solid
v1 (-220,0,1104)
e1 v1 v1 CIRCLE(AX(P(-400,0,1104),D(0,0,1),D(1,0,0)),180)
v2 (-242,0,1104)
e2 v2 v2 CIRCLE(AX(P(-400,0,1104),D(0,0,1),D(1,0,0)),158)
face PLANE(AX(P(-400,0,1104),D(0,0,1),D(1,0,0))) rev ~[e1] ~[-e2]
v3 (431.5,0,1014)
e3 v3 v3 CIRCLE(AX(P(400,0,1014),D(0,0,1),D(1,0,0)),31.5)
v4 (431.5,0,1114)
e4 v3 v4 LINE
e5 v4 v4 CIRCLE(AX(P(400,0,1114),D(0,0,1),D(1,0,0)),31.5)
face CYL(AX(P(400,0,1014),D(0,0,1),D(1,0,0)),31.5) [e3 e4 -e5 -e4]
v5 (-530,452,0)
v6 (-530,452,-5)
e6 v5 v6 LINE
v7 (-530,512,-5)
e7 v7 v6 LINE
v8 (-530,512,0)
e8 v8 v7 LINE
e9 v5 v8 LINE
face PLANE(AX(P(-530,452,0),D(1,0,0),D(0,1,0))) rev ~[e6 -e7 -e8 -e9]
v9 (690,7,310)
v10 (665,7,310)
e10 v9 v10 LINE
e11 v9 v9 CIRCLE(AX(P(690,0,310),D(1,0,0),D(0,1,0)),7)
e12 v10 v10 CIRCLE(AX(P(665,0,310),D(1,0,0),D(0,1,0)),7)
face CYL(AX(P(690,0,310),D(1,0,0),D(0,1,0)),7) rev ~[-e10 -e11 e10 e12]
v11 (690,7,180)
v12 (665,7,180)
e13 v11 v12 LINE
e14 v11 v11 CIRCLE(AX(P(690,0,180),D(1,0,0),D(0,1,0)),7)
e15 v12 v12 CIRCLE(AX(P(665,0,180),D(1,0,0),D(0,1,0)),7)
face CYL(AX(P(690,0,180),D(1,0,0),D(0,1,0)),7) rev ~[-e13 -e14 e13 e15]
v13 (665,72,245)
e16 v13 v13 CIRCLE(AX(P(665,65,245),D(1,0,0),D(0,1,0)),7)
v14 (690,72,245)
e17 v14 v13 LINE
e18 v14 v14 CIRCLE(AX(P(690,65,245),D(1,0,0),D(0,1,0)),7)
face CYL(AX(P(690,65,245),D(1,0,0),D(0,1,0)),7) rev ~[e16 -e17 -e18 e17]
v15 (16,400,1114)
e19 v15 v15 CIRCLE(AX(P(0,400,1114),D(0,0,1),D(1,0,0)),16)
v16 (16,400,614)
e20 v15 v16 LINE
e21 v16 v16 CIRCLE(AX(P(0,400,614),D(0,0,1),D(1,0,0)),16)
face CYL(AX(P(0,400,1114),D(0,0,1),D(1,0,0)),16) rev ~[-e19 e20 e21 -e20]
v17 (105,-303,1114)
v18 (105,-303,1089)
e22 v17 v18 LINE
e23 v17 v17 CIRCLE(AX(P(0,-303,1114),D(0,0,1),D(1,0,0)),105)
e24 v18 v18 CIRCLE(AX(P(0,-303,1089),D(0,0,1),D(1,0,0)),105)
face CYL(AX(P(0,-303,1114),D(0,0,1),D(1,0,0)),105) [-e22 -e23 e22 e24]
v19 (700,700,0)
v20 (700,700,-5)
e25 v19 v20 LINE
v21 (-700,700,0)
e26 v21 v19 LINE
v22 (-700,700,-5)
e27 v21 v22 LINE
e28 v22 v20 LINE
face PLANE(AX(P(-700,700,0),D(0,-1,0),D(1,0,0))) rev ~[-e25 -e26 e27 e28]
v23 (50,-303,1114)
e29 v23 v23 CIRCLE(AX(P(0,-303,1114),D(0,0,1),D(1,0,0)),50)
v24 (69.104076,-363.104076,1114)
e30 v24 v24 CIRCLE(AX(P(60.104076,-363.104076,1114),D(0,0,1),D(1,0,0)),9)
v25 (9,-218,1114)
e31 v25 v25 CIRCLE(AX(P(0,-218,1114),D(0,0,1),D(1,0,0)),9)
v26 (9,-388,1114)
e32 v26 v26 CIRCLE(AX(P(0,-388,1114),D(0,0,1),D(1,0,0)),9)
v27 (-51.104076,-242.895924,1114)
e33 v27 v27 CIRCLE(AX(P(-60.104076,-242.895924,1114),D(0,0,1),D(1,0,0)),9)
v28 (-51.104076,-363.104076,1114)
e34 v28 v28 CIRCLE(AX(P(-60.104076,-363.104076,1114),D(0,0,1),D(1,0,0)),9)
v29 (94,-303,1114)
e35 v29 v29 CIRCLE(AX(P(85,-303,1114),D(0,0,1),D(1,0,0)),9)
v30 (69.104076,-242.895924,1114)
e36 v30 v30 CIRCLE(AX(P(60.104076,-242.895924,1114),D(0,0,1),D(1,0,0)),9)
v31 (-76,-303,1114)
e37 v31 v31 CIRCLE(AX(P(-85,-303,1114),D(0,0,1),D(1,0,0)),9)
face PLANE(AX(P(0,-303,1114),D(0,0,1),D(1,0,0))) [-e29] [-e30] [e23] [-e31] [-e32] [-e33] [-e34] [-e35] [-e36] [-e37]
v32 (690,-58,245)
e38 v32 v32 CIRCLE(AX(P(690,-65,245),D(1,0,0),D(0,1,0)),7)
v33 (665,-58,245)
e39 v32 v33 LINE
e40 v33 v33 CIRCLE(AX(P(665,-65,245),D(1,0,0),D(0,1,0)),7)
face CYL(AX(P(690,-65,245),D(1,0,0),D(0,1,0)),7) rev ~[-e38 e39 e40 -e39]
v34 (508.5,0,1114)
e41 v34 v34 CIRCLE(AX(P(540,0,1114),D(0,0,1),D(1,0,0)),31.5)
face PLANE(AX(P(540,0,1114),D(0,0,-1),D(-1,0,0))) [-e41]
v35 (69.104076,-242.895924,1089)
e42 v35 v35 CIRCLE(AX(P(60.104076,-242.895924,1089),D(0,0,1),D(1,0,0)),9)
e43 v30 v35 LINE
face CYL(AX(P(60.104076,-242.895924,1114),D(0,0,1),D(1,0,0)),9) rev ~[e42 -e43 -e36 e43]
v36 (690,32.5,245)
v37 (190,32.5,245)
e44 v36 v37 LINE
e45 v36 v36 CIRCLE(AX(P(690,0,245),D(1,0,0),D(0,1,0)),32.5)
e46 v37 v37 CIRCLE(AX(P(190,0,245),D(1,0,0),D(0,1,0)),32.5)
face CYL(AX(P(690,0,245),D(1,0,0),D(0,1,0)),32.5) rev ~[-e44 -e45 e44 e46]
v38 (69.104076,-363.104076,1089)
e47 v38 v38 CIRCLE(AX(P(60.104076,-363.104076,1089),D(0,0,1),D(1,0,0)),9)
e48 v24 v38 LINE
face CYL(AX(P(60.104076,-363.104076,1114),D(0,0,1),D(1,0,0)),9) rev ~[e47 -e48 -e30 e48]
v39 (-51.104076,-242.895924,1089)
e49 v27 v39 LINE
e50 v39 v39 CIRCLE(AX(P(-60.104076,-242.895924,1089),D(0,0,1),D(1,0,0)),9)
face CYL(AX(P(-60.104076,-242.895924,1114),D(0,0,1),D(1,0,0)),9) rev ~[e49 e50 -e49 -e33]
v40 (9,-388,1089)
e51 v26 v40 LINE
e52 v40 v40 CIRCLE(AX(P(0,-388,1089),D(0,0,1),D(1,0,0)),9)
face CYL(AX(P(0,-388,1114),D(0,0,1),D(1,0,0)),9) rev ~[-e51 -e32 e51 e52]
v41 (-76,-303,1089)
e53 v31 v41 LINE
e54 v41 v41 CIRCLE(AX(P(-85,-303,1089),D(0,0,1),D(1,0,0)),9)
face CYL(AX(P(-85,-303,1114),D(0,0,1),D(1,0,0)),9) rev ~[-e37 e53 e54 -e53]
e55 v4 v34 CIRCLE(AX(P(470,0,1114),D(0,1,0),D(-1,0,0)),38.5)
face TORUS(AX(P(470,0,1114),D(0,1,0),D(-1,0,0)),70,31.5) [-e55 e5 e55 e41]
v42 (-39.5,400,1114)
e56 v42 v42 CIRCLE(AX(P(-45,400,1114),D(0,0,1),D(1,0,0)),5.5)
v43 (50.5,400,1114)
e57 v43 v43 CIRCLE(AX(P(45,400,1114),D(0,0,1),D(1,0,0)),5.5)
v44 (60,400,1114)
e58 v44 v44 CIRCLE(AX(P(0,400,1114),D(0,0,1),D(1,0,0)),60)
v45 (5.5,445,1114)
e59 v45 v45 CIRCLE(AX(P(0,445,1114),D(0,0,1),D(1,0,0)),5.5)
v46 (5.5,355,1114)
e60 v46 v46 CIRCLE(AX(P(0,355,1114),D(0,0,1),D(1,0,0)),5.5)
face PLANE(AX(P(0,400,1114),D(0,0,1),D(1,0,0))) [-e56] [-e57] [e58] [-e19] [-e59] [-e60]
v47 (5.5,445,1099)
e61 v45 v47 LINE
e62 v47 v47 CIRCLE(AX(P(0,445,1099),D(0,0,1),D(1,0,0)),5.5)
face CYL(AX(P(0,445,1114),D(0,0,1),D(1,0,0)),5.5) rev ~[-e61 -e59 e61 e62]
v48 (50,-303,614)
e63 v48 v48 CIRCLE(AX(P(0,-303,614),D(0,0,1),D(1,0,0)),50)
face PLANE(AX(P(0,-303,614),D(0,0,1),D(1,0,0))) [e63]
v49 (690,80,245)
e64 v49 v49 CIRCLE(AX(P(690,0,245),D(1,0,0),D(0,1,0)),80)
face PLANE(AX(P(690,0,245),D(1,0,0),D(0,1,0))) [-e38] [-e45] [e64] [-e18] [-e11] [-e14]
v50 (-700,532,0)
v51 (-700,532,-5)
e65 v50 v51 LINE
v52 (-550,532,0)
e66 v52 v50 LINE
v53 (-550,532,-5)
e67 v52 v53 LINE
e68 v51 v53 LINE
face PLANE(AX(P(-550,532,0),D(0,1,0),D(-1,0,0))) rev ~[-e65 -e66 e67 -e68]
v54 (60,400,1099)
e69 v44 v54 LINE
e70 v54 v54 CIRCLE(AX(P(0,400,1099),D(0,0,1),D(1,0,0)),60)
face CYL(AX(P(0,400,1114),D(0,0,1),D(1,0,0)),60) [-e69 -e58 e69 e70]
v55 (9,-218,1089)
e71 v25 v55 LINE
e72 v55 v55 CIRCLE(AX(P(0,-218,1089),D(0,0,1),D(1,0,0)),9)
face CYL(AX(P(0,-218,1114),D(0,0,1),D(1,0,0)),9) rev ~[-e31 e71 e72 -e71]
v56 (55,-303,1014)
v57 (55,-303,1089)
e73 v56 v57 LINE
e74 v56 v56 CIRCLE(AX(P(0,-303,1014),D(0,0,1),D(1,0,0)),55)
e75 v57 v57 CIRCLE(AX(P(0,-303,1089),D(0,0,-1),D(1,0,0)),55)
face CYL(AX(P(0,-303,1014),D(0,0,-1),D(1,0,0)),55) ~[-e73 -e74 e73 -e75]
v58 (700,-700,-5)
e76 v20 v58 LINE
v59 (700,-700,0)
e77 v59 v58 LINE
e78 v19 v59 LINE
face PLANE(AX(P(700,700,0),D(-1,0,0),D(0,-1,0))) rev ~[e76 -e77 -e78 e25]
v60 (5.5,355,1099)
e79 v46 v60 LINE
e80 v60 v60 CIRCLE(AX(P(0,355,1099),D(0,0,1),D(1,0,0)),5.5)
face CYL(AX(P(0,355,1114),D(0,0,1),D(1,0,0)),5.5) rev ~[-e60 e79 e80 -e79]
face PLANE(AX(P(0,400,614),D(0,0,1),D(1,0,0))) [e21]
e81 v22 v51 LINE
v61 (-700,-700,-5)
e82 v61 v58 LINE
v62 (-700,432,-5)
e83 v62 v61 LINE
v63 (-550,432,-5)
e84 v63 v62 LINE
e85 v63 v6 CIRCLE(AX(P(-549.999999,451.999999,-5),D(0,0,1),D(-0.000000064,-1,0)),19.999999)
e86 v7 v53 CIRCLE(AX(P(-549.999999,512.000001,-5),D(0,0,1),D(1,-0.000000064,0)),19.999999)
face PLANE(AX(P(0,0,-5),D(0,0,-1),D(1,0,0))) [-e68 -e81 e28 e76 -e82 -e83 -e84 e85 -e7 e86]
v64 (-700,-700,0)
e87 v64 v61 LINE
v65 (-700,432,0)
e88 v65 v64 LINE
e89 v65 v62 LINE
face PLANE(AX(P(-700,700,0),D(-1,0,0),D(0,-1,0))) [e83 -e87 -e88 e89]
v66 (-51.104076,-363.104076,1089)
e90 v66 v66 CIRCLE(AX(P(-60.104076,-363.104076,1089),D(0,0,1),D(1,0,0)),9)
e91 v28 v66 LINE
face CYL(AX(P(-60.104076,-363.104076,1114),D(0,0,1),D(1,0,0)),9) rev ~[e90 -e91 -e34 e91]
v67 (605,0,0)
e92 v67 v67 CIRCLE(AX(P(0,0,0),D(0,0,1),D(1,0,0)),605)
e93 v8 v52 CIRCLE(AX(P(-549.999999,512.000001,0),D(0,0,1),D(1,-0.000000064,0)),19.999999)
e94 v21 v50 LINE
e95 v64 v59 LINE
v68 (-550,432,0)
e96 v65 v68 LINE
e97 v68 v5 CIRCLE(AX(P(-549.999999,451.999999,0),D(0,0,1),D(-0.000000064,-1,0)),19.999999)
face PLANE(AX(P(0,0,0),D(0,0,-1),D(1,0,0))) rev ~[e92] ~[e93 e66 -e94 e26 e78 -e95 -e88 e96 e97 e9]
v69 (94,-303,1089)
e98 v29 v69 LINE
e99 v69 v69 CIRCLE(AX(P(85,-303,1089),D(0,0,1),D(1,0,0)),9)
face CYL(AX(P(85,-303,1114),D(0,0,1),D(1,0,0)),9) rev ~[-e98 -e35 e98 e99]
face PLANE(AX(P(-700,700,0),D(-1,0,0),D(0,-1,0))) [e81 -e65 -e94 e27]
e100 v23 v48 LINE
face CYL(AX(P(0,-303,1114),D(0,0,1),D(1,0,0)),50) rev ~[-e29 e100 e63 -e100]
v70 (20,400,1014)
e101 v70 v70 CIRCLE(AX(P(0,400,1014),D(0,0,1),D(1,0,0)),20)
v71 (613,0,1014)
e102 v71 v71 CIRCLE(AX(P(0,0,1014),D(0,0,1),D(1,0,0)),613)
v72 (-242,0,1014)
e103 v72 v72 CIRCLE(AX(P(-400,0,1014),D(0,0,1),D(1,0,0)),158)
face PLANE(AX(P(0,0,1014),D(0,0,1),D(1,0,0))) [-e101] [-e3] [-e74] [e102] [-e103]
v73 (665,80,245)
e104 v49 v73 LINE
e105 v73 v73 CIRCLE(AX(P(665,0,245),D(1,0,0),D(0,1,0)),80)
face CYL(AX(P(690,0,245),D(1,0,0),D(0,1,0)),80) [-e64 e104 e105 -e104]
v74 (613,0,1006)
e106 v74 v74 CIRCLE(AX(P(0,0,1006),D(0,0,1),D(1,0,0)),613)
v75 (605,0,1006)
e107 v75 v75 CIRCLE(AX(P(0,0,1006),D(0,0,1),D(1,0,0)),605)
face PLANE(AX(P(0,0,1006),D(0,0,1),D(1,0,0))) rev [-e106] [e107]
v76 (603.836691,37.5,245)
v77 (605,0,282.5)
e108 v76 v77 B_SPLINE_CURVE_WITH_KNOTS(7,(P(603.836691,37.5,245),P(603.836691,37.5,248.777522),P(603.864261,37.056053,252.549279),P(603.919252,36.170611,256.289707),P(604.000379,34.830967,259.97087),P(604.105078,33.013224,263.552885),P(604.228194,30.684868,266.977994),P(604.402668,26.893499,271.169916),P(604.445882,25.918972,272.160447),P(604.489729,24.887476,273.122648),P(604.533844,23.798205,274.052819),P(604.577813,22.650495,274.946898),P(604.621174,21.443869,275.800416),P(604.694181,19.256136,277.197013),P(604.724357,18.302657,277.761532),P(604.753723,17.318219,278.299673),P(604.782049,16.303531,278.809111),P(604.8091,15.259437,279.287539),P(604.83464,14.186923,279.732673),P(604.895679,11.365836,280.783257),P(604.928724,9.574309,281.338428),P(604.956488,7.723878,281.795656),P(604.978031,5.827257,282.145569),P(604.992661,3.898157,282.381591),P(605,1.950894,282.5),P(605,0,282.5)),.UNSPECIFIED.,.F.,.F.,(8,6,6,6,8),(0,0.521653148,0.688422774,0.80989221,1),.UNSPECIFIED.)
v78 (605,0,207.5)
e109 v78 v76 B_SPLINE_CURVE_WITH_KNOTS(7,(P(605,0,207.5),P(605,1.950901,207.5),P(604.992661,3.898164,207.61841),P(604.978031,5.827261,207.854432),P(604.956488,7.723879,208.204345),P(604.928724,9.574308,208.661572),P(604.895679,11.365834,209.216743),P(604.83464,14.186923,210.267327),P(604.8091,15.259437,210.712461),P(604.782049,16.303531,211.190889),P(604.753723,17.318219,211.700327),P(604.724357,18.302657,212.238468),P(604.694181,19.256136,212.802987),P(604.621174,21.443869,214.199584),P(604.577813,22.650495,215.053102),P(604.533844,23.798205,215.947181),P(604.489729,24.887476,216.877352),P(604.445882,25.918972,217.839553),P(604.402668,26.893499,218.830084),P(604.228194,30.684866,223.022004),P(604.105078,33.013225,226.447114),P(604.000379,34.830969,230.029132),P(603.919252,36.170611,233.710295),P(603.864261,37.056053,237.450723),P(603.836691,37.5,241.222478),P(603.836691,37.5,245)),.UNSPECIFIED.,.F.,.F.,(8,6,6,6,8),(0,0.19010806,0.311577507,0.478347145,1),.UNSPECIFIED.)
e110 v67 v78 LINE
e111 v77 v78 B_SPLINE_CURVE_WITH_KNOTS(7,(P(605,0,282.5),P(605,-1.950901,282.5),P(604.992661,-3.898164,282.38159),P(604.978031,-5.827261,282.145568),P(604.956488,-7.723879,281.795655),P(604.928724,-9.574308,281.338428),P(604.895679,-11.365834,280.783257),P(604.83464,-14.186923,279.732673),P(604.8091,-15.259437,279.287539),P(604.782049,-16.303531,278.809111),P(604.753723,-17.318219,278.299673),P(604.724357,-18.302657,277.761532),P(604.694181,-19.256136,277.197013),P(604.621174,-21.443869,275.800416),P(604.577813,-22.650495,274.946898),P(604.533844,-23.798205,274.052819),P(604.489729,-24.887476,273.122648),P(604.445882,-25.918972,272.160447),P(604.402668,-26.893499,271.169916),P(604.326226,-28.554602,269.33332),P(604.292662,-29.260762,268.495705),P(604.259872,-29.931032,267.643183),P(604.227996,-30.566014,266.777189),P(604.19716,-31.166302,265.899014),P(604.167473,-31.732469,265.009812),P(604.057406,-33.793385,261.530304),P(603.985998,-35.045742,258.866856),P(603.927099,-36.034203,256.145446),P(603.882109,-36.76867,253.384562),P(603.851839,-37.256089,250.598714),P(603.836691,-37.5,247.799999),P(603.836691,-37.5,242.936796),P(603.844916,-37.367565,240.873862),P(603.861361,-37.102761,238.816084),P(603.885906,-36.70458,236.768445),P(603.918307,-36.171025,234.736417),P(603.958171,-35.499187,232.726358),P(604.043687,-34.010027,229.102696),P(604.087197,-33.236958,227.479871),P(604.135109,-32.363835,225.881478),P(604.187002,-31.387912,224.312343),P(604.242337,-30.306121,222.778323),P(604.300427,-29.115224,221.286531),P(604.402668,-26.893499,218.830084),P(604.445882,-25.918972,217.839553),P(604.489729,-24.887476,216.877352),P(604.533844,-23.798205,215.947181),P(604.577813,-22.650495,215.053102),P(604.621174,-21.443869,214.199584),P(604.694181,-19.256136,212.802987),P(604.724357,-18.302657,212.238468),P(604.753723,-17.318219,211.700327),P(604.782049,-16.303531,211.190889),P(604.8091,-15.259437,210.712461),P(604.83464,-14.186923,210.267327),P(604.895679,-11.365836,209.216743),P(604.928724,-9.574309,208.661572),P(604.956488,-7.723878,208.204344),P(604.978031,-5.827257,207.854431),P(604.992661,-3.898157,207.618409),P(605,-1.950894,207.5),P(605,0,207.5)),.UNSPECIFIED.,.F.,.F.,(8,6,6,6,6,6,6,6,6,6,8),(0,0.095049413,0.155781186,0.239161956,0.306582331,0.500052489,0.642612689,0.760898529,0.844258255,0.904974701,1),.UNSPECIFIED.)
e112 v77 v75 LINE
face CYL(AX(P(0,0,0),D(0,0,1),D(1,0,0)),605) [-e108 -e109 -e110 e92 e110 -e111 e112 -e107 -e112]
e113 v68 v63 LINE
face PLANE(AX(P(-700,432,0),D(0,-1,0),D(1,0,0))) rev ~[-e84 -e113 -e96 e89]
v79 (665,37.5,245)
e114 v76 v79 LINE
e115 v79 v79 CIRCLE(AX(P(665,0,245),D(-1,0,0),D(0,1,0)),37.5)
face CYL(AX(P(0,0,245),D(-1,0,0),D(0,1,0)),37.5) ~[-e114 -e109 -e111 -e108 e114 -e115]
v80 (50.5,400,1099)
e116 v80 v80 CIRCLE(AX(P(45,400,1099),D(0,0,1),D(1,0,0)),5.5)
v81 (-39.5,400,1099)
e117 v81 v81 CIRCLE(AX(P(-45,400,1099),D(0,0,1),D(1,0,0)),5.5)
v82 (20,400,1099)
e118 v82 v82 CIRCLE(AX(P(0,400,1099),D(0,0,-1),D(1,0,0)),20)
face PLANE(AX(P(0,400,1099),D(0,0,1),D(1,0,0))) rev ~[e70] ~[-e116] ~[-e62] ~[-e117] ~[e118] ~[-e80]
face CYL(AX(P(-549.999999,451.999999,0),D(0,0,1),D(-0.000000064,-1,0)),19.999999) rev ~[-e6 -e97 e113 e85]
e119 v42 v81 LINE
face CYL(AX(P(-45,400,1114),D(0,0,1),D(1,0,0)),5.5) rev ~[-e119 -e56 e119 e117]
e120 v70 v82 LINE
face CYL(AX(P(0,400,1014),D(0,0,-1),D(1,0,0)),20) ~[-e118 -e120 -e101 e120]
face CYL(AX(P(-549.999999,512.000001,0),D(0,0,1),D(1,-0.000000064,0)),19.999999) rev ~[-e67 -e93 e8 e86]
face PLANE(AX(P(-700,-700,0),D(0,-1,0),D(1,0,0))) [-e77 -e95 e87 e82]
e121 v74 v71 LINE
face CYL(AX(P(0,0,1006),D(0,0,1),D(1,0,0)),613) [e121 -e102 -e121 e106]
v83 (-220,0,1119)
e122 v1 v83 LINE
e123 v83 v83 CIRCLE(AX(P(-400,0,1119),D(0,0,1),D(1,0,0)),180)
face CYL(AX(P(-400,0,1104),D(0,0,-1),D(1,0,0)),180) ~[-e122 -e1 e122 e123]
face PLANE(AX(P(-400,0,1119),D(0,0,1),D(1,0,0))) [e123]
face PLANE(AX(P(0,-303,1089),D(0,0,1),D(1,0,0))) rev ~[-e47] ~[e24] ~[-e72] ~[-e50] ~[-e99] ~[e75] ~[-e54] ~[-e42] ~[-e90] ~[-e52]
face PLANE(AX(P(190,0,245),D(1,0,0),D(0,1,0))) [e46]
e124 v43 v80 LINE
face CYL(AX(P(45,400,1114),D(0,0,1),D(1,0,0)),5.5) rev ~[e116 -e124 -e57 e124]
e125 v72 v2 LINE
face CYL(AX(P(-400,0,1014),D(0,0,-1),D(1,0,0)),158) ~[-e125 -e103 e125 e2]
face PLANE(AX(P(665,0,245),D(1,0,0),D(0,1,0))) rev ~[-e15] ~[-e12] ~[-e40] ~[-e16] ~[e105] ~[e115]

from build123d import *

# Parameters (mm, degrees)
F2_W      = 1400
F2_H      = 1400
F2_R      = 605
F3_DEPTH  = 5
F5_DEPTH  = 25
F6_R      = 158
F7_DEPTH  = 90
F8_R      = 180
F9_DEPTH  = 15
F10_R     = 20
F10_R_2   = 55
F11_DEPTH = 100
F12_R     = 60
F12_R_2   = 5.5
F13_DEPTH = 15
F14_R     = 16
F15_DEPTH = 500
F16_R     = 105
F16_R_2   = 9
F17_DEPTH = 25
F18_R     = 50
F19_DEPTH = 500
F20_R     = 31.5
F23_R     = 37.5
F24_DEPTH = 690
F25_R     = 80
F25_R_2   = 7
F26_DEPTH = 25
F27_R     = 32.5
F28_DEPTH = 500


with BuildPart() as f1:
    # F0 (on Front) → F1 (revolve)
    with BuildSketch(Plane.XZ):
        Polygon((0, 1014), (0, 0), (605, 0), (605, 1006), (613, 1006), (613, 1014), (605, 1014), align=None)
    revolve(axis=Axis((0, 0, 507), (0, 0, 1)))

    # F2 (on face) → F3 (join)
    with BuildSketch(Plane(origin=(0, 0, 0), x_dir=(1, 0, 0), z_dir=(0, 0, -1))):
        Rectangle(F2_W, F2_H)
        Circle(F2_R, mode=Mode.SUBTRACT)
        Circle(F2_R)
    extrude(amount=F3_DEPTH)

    # F4 (on face) → F5 (cut)
    with BuildSketch(Plane.XY):
        with BuildLine():
            Line((-550, 532), (-700, 532))
            Line((-700, 532), (-700, 432))
            Line((-700, 432), (-550, 432))
            ThreePointArc((-550, 432), (-535.857864, 437.857864), (-530, 452))
            Line((-530, 452), (-530, 512))
            ThreePointArc((-530, 512), (-535.857864, 526.142136), (-550, 532))
        make_face()
    extrude(amount=-F5_DEPTH, mode=Mode.SUBTRACT)

    # F6 (on face) → F7 (join)
    with BuildSketch(Plane.XY.offset(1014)):
        with Locations((-400, 0)):
            Circle(F6_R)
    extrude(amount=F7_DEPTH)

    # F8 (on face) → F9 (join)
    with BuildSketch(Plane.XY.offset(1104)):
        with Locations((-400, 0)):
            Circle(F8_R)
    extrude(amount=F9_DEPTH)

    # F10 (on face) → F11 (join)
    with BuildSketch(Plane.XY.offset(1014)):
        with Locations((0, 400)):
            Circle(F10_R)
        with Locations((0, -303)):
            Circle(F10_R_2)
    extrude(amount=F11_DEPTH)

    # F12 (on face) → F13 (join)
    with BuildSketch(Plane.XY.offset(1114)):
        with Locations((0, 400)):
            Circle(F12_R)
        with Locations((0, 355)):
            Circle(F12_R_2, mode=Mode.SUBTRACT)
        with Locations((-45, 400)):
            Circle(F12_R_2, mode=Mode.SUBTRACT)
        with Locations((45, 400)):
            Circle(F12_R_2, mode=Mode.SUBTRACT)
        with Locations((0, 445)):
            Circle(F12_R_2, mode=Mode.SUBTRACT)
    extrude(amount=-F13_DEPTH)

    # F14 (on face) → F15 (cut)
    with BuildSketch(Plane.XY.offset(1114)):
        with Locations((0, 400)):
            Circle(F14_R)
    extrude(amount=-F15_DEPTH, mode=Mode.SUBTRACT)

    # F16 (on face) → F17 (join)
    with BuildSketch(Plane.XY.offset(1114)):
        with Locations((0, -303)):
            Circle(F16_R)
        with Locations((-60.104076, -363.104076)):
            Circle(F16_R_2, mode=Mode.SUBTRACT)
        with Locations((0, -388)):
            Circle(F16_R_2, mode=Mode.SUBTRACT)
        with Locations((60.104076, -363.104076)):
            Circle(F16_R_2, mode=Mode.SUBTRACT)
        with Locations((-85, -303)):
            Circle(F16_R_2, mode=Mode.SUBTRACT)
        with Locations((-60.104076, -242.895924)):
            Circle(F16_R_2, mode=Mode.SUBTRACT)
        with Locations((85, -303)):
            Circle(F16_R_2, mode=Mode.SUBTRACT)
        with Locations((0, -218)):
            Circle(F16_R_2, mode=Mode.SUBTRACT)
        with Locations((60.104076, -242.895924)):
            Circle(F16_R_2, mode=Mode.SUBTRACT)
    extrude(amount=-F17_DEPTH)

    # F18 (on face) → F19 (cut)
    with BuildSketch(Plane.XY.offset(1114)):
        with Locations((0, -303)):
            Circle(F18_R)
    extrude(amount=-F19_DEPTH, mode=Mode.SUBTRACT)

    # F22: sweep along a path in F21
    with BuildLine(Plane.XZ) as f22_path:
        Line((400, 1014), (400, 1114))
        ThreePointArc((400, 1114), (470, 1184), (540, 1114))
    # F20 (on face) → F22 (sweep)
    with BuildSketch(Plane.XY.offset(1014)):
        with Locations((400, 0)):
            Circle(F20_R)
    sweep(path=f22_path.line)

    # F23 (on Right) → F24 (join)
    with BuildSketch(Plane.YZ):
        with Locations((0, 245)):
            Circle(F23_R)
    extrude(amount=F24_DEPTH)

    # F25 (on face) → F26 (join)
    with BuildSketch(Plane.YZ.offset(690)):
        with Locations((0, 245)):
            Circle(F25_R)
        with Locations((0, 180)):
            Circle(F25_R_2, mode=Mode.SUBTRACT)
        with Locations((-65, 245)):
            Circle(F25_R_2, mode=Mode.SUBTRACT)
        with Locations((65, 245)):
            Circle(F25_R_2, mode=Mode.SUBTRACT)
        with Locations((0, 310)):
            Circle(F25_R_2, mode=Mode.SUBTRACT)
    extrude(amount=-F26_DEPTH)

    # F27 (on face) → F28 (cut)
    with BuildSketch(Plane.YZ.offset(690)):
        with Locations((0, 245)):
            Circle(F27_R)
    extrude(amount=-F28_DEPTH, mode=Mode.SUBTRACT)


solid = f1.part
